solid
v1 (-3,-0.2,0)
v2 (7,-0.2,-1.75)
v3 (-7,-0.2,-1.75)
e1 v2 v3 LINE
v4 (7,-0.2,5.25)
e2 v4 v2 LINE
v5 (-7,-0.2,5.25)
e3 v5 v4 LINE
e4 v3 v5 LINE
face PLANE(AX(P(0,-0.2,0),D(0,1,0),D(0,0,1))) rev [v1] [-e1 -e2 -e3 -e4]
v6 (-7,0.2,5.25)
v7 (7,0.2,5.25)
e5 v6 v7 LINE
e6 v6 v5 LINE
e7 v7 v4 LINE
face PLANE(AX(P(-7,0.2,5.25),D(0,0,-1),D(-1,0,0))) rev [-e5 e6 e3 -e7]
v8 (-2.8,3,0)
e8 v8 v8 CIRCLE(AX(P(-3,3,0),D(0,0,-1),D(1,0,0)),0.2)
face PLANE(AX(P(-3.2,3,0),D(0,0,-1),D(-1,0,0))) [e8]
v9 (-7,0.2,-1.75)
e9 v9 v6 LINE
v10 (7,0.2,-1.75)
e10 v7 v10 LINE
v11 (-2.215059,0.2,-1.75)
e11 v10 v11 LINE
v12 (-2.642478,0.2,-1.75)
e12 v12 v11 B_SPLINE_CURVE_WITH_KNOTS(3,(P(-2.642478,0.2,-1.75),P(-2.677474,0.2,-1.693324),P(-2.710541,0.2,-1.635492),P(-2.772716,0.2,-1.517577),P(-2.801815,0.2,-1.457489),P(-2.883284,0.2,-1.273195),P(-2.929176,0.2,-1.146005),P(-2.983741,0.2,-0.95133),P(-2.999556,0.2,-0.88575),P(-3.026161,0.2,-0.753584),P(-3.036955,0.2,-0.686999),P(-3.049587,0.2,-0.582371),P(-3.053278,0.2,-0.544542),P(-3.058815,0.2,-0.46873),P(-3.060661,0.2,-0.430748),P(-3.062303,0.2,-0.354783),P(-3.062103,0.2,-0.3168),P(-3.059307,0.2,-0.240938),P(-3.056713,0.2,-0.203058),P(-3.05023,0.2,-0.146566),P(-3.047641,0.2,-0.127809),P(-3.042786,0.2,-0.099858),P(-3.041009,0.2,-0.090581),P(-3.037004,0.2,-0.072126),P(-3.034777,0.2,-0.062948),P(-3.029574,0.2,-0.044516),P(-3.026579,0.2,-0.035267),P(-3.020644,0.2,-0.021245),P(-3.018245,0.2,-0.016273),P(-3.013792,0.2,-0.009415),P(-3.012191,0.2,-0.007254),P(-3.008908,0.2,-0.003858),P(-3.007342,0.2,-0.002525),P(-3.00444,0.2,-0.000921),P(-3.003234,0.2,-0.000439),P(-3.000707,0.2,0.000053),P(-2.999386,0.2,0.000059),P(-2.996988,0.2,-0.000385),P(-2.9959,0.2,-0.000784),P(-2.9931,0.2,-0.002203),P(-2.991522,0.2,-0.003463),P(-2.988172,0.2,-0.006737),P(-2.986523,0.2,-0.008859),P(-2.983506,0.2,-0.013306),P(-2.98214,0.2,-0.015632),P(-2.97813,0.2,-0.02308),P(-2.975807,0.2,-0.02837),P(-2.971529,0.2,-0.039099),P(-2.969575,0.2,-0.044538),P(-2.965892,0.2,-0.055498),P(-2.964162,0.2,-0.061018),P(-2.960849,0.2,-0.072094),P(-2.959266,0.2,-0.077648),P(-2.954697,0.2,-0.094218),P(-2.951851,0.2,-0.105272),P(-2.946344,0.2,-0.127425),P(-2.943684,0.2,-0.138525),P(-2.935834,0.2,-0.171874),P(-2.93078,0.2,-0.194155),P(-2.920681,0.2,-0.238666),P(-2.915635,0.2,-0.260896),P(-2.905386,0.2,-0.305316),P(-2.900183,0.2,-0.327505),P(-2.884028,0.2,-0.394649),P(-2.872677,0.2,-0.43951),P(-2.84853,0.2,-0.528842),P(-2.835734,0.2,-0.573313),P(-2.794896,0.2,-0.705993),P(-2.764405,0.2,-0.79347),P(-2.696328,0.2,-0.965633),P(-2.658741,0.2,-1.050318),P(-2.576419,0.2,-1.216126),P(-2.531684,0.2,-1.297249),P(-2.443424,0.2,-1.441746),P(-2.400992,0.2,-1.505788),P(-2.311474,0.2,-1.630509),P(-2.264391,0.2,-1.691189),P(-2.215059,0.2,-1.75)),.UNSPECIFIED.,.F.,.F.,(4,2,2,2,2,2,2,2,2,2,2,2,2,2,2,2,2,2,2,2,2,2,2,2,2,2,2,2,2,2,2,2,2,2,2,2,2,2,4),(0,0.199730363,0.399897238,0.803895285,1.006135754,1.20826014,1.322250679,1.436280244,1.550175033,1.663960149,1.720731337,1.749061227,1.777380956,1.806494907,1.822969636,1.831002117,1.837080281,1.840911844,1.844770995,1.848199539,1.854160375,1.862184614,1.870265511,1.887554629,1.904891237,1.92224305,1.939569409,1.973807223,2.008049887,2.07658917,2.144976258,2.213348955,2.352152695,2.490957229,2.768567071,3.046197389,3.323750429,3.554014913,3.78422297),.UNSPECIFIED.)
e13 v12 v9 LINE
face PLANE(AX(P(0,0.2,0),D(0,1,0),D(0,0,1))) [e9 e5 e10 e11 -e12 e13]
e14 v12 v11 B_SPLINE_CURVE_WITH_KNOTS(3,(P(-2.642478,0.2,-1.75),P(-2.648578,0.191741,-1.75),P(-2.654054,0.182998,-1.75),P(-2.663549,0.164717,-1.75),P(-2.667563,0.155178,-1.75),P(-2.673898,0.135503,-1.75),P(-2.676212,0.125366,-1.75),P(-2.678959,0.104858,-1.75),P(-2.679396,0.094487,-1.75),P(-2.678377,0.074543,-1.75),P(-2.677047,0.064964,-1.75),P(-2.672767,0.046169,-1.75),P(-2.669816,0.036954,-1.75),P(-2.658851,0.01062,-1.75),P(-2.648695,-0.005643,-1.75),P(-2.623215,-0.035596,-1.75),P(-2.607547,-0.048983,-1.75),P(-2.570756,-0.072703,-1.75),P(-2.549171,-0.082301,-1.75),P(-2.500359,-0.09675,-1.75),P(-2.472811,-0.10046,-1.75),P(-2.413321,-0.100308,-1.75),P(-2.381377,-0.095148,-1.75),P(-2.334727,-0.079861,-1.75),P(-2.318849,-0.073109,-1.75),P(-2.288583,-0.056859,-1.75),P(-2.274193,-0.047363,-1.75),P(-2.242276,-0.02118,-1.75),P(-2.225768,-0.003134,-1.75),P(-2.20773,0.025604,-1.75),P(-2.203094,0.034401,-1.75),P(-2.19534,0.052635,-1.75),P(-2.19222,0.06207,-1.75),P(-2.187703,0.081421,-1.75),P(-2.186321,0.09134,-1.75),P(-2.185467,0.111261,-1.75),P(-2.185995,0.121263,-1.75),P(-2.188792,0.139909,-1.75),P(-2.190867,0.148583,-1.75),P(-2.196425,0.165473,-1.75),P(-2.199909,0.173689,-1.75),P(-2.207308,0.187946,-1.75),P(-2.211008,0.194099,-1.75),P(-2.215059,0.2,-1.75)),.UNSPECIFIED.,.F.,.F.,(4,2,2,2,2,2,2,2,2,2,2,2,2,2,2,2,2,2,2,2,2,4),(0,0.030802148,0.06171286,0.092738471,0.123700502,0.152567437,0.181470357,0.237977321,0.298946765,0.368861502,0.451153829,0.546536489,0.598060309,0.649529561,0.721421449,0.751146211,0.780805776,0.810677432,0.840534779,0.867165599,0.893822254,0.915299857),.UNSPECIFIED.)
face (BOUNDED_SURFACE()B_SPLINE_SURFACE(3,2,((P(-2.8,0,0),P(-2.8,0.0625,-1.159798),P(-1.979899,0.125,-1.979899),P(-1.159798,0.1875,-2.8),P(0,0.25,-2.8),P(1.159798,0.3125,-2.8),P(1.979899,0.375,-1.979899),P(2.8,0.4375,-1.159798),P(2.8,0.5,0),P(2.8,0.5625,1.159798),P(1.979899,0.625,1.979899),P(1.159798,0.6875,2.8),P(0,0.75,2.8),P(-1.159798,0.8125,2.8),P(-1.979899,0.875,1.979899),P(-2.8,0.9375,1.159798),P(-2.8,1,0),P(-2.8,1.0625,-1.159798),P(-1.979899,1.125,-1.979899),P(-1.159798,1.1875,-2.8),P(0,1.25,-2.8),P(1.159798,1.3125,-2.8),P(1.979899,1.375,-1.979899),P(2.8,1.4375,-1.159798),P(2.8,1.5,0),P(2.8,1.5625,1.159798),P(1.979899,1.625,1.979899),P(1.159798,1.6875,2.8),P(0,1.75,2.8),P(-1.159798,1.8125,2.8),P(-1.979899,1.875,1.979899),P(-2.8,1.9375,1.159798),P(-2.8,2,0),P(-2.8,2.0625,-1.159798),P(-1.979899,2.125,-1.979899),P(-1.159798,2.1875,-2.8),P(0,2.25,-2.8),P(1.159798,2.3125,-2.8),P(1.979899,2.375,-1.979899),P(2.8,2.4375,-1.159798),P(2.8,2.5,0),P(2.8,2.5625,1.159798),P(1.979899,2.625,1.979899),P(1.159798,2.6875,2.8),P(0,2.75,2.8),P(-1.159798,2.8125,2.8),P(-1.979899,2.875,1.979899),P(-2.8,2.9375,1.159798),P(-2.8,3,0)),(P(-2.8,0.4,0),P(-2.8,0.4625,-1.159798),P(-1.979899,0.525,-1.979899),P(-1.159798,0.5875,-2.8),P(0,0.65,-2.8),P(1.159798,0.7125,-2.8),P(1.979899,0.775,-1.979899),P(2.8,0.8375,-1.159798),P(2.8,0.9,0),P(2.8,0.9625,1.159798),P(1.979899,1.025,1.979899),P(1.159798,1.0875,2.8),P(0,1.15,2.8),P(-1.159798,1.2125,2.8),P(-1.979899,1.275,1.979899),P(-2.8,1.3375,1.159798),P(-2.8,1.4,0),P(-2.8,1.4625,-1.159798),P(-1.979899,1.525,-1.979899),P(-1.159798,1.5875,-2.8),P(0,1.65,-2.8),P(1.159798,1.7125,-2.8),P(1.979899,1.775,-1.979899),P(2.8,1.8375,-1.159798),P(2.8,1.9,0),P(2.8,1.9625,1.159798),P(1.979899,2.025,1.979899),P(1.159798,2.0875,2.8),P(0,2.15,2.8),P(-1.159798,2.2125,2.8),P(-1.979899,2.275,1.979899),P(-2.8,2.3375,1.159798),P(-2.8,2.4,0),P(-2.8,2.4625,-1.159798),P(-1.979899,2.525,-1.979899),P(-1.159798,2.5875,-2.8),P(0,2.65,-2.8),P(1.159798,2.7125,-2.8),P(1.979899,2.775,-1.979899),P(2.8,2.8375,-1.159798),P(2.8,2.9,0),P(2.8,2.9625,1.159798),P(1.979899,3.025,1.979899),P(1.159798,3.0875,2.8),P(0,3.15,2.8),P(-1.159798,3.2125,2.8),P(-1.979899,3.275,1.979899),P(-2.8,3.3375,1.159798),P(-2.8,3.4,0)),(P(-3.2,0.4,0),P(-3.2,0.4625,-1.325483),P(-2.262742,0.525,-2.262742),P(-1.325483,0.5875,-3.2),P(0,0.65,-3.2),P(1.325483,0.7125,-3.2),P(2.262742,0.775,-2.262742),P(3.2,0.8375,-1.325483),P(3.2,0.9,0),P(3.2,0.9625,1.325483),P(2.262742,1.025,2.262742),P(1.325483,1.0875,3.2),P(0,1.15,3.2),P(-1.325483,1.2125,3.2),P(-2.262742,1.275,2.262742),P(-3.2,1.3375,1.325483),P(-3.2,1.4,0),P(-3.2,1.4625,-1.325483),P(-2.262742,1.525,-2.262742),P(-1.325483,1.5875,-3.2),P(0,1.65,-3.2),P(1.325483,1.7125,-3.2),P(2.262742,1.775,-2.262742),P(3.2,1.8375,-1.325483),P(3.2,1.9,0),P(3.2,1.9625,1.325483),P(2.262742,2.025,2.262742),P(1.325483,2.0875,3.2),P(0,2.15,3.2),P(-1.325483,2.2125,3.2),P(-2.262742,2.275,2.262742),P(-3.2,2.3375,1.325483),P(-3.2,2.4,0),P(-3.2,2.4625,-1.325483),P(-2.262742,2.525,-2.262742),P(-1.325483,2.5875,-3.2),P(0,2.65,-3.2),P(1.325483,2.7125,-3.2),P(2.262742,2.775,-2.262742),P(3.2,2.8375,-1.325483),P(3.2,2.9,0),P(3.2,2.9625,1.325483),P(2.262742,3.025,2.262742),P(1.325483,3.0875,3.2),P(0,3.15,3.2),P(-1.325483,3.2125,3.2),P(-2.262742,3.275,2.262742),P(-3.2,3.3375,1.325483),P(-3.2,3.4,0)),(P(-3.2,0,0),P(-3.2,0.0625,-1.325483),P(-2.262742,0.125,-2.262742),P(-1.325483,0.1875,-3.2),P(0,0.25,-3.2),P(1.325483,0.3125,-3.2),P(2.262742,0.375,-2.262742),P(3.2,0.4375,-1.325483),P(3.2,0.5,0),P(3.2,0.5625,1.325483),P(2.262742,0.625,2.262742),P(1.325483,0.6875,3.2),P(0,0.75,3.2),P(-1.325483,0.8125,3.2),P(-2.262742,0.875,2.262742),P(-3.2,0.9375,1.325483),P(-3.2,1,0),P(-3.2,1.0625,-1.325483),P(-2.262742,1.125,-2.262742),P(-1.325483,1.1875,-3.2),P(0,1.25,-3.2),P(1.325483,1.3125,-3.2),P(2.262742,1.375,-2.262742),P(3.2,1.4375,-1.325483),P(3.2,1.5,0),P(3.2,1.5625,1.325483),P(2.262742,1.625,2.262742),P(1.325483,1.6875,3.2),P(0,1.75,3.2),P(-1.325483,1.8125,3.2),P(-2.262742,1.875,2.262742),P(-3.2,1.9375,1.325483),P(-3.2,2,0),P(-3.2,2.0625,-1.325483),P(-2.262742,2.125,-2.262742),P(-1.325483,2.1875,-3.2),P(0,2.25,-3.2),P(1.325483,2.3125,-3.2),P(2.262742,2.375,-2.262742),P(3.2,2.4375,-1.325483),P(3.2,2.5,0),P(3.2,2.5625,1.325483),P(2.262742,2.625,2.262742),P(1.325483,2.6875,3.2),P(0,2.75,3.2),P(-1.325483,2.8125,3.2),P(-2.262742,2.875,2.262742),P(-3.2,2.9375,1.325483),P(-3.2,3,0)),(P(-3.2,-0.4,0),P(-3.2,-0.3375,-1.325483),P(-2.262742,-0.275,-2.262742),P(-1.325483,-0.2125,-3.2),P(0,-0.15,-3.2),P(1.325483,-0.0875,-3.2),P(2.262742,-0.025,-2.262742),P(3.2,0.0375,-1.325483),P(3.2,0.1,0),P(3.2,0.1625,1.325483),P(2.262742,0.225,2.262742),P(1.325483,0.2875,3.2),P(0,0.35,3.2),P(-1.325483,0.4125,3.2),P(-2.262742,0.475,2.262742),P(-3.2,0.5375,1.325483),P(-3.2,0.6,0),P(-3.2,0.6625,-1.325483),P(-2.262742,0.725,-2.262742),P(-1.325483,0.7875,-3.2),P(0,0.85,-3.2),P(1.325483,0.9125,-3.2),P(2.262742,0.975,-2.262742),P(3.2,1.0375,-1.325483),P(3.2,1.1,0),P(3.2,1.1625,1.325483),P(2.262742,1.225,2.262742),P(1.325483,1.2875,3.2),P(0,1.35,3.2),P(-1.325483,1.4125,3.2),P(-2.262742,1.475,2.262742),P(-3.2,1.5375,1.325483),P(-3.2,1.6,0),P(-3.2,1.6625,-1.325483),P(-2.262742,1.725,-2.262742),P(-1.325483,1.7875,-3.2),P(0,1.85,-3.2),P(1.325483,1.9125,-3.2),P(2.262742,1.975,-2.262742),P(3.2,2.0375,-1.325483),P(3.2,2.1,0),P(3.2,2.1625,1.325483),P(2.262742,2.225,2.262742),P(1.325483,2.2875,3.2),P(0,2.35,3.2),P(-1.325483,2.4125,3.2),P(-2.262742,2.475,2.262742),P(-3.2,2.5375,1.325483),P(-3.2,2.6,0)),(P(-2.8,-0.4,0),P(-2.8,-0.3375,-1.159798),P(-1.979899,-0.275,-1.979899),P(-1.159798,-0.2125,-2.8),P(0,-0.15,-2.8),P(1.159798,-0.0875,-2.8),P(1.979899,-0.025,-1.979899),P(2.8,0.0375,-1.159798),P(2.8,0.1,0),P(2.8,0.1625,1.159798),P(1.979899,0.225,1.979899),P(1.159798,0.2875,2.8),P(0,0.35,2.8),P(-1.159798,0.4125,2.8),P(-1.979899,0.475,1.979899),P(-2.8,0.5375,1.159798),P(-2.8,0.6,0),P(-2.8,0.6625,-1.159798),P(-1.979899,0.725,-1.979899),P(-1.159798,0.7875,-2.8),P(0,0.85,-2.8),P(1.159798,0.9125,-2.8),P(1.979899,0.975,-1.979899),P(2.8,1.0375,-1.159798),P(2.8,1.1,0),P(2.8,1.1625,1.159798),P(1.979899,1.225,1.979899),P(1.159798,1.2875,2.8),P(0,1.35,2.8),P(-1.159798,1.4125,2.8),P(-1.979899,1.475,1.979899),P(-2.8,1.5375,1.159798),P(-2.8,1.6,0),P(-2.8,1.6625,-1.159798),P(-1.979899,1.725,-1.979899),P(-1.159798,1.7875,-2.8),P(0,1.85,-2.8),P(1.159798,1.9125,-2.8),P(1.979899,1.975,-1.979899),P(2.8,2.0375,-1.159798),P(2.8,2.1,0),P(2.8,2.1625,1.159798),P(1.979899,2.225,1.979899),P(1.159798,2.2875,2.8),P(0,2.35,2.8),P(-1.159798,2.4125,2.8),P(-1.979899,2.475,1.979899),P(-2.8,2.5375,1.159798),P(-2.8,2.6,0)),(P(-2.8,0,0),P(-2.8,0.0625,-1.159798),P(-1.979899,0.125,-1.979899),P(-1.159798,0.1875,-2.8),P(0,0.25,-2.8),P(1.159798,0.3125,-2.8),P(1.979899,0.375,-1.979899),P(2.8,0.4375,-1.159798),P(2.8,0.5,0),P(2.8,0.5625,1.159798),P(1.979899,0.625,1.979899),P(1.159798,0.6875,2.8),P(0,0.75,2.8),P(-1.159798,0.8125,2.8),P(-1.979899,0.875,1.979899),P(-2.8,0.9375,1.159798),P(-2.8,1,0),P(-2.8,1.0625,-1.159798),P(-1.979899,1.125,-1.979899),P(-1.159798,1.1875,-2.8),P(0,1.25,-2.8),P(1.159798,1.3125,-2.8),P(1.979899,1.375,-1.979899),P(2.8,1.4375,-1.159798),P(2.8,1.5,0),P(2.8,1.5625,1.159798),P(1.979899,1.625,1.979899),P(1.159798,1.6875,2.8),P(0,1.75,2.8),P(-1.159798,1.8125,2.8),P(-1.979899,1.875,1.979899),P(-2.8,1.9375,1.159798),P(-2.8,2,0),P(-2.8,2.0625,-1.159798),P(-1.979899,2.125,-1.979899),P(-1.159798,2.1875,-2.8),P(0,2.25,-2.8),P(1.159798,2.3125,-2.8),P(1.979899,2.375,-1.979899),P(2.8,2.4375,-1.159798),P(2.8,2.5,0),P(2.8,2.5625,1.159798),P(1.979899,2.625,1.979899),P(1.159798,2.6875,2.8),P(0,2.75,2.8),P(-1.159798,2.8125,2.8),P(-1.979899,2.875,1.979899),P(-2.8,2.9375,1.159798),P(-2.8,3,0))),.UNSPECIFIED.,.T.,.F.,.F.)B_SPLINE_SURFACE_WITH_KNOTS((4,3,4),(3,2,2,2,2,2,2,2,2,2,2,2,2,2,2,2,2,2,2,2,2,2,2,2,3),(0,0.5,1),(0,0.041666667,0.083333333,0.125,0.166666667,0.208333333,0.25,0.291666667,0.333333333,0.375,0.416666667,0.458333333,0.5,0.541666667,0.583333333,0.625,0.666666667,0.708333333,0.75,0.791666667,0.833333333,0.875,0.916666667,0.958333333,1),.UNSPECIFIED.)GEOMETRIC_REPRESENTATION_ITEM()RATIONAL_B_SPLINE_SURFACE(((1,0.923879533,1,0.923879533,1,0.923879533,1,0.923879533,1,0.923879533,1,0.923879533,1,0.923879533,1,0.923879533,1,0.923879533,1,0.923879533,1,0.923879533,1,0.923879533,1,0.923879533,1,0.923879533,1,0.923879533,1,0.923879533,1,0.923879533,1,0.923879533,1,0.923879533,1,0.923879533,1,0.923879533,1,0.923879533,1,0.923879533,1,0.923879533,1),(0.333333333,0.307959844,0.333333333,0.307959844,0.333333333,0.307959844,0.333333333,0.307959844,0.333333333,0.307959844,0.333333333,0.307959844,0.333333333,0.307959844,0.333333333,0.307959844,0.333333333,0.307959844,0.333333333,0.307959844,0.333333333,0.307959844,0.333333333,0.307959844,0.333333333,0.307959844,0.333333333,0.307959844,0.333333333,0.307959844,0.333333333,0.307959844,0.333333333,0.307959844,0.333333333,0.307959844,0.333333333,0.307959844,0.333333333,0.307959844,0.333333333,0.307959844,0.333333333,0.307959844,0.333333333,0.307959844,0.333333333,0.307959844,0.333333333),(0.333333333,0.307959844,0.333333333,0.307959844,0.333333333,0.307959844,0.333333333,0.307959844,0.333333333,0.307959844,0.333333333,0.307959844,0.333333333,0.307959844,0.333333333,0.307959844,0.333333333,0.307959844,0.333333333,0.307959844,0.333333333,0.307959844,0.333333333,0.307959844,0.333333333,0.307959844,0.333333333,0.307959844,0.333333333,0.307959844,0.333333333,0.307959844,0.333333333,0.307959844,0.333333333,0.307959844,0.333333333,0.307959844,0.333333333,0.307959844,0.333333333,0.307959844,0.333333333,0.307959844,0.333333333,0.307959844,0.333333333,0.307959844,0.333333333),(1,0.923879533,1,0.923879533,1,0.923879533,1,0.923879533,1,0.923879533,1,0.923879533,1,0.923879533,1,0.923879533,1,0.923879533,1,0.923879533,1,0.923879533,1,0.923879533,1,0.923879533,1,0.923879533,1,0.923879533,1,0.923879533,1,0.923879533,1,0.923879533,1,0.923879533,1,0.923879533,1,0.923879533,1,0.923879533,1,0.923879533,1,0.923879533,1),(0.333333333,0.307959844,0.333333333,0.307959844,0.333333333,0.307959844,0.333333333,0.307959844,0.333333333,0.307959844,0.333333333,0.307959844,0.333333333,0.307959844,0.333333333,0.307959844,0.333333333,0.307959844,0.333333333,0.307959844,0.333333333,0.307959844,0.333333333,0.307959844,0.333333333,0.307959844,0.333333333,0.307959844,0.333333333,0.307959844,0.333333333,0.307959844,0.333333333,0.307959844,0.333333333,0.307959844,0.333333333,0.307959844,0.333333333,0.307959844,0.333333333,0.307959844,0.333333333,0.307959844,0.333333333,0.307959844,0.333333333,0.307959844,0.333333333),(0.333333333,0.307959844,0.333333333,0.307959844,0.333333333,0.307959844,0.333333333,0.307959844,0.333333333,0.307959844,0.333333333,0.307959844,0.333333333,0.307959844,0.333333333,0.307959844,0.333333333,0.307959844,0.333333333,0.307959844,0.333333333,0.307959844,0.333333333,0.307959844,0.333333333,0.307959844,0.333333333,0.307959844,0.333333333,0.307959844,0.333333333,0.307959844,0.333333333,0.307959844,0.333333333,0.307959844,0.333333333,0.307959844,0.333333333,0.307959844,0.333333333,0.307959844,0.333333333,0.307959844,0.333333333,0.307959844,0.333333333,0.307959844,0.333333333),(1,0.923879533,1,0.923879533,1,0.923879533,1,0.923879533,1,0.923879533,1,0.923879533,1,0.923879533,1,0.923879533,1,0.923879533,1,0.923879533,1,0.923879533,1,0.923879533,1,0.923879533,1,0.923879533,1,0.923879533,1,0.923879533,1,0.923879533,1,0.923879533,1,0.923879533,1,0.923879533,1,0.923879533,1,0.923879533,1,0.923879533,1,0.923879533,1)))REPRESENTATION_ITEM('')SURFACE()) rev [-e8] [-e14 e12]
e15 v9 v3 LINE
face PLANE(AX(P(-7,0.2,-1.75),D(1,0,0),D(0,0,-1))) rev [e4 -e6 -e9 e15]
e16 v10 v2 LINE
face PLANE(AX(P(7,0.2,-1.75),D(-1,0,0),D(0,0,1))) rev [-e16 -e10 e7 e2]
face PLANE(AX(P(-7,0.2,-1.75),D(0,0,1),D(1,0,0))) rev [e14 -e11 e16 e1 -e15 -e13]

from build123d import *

# Parameters (mm, degrees)
SWEEP1_PITCH             = 1
SWEEP1_HEIGHT            = 3
SWEEP1_RADIUS            = 3
SWEEP1_START_ANGLE       = -90
SKETCH7_R                = 0.2
SKETCH8_W                = 14
SKETCH8_H                = 7
BOSS_EXTRUDE2_DEPTH      = 0.2
BOSS_EXTRUDE2_DEPTH_BACK = 0.2


with BuildPart() as part:
    # Sweep1: sweep along a helix
    with BuildLine() as sweep1_path:
        add(Helix(SWEEP1_PITCH, SWEEP1_HEIGHT, SWEEP1_RADIUS, center=(0, 0, 0), direction=(0, 1, 0), lefthand=True, mode=Mode.PRIVATE).rotate(Axis((0, 0, 0), (0, 1, 0)), SWEEP1_START_ANGLE))
    # Sketch7 → Sweep1 (sweep)
    with BuildSketch(Plane.XY):
        with Locations((-3, 0)):
            Circle(SKETCH7_R)
    sweep(path=sweep1_path.line, is_frenet=True)

    # Sketch8 → Boss-Extrude2 (add, two sides)
    with BuildSketch(Plane(origin=(0, 0, 0), x_dir=(1, 0, 0), z_dir=(0, 1, 0))) as boss_extrude2_sk:
        with Locations((0, -1.75)):
            Rectangle(SKETCH8_W, SKETCH8_H)
    extrude(amount=BOSS_EXTRUDE2_DEPTH)
    extrude(boss_extrude2_sk.sketch, amount=-BOSS_EXTRUDE2_DEPTH_BACK)


solid = part.part
